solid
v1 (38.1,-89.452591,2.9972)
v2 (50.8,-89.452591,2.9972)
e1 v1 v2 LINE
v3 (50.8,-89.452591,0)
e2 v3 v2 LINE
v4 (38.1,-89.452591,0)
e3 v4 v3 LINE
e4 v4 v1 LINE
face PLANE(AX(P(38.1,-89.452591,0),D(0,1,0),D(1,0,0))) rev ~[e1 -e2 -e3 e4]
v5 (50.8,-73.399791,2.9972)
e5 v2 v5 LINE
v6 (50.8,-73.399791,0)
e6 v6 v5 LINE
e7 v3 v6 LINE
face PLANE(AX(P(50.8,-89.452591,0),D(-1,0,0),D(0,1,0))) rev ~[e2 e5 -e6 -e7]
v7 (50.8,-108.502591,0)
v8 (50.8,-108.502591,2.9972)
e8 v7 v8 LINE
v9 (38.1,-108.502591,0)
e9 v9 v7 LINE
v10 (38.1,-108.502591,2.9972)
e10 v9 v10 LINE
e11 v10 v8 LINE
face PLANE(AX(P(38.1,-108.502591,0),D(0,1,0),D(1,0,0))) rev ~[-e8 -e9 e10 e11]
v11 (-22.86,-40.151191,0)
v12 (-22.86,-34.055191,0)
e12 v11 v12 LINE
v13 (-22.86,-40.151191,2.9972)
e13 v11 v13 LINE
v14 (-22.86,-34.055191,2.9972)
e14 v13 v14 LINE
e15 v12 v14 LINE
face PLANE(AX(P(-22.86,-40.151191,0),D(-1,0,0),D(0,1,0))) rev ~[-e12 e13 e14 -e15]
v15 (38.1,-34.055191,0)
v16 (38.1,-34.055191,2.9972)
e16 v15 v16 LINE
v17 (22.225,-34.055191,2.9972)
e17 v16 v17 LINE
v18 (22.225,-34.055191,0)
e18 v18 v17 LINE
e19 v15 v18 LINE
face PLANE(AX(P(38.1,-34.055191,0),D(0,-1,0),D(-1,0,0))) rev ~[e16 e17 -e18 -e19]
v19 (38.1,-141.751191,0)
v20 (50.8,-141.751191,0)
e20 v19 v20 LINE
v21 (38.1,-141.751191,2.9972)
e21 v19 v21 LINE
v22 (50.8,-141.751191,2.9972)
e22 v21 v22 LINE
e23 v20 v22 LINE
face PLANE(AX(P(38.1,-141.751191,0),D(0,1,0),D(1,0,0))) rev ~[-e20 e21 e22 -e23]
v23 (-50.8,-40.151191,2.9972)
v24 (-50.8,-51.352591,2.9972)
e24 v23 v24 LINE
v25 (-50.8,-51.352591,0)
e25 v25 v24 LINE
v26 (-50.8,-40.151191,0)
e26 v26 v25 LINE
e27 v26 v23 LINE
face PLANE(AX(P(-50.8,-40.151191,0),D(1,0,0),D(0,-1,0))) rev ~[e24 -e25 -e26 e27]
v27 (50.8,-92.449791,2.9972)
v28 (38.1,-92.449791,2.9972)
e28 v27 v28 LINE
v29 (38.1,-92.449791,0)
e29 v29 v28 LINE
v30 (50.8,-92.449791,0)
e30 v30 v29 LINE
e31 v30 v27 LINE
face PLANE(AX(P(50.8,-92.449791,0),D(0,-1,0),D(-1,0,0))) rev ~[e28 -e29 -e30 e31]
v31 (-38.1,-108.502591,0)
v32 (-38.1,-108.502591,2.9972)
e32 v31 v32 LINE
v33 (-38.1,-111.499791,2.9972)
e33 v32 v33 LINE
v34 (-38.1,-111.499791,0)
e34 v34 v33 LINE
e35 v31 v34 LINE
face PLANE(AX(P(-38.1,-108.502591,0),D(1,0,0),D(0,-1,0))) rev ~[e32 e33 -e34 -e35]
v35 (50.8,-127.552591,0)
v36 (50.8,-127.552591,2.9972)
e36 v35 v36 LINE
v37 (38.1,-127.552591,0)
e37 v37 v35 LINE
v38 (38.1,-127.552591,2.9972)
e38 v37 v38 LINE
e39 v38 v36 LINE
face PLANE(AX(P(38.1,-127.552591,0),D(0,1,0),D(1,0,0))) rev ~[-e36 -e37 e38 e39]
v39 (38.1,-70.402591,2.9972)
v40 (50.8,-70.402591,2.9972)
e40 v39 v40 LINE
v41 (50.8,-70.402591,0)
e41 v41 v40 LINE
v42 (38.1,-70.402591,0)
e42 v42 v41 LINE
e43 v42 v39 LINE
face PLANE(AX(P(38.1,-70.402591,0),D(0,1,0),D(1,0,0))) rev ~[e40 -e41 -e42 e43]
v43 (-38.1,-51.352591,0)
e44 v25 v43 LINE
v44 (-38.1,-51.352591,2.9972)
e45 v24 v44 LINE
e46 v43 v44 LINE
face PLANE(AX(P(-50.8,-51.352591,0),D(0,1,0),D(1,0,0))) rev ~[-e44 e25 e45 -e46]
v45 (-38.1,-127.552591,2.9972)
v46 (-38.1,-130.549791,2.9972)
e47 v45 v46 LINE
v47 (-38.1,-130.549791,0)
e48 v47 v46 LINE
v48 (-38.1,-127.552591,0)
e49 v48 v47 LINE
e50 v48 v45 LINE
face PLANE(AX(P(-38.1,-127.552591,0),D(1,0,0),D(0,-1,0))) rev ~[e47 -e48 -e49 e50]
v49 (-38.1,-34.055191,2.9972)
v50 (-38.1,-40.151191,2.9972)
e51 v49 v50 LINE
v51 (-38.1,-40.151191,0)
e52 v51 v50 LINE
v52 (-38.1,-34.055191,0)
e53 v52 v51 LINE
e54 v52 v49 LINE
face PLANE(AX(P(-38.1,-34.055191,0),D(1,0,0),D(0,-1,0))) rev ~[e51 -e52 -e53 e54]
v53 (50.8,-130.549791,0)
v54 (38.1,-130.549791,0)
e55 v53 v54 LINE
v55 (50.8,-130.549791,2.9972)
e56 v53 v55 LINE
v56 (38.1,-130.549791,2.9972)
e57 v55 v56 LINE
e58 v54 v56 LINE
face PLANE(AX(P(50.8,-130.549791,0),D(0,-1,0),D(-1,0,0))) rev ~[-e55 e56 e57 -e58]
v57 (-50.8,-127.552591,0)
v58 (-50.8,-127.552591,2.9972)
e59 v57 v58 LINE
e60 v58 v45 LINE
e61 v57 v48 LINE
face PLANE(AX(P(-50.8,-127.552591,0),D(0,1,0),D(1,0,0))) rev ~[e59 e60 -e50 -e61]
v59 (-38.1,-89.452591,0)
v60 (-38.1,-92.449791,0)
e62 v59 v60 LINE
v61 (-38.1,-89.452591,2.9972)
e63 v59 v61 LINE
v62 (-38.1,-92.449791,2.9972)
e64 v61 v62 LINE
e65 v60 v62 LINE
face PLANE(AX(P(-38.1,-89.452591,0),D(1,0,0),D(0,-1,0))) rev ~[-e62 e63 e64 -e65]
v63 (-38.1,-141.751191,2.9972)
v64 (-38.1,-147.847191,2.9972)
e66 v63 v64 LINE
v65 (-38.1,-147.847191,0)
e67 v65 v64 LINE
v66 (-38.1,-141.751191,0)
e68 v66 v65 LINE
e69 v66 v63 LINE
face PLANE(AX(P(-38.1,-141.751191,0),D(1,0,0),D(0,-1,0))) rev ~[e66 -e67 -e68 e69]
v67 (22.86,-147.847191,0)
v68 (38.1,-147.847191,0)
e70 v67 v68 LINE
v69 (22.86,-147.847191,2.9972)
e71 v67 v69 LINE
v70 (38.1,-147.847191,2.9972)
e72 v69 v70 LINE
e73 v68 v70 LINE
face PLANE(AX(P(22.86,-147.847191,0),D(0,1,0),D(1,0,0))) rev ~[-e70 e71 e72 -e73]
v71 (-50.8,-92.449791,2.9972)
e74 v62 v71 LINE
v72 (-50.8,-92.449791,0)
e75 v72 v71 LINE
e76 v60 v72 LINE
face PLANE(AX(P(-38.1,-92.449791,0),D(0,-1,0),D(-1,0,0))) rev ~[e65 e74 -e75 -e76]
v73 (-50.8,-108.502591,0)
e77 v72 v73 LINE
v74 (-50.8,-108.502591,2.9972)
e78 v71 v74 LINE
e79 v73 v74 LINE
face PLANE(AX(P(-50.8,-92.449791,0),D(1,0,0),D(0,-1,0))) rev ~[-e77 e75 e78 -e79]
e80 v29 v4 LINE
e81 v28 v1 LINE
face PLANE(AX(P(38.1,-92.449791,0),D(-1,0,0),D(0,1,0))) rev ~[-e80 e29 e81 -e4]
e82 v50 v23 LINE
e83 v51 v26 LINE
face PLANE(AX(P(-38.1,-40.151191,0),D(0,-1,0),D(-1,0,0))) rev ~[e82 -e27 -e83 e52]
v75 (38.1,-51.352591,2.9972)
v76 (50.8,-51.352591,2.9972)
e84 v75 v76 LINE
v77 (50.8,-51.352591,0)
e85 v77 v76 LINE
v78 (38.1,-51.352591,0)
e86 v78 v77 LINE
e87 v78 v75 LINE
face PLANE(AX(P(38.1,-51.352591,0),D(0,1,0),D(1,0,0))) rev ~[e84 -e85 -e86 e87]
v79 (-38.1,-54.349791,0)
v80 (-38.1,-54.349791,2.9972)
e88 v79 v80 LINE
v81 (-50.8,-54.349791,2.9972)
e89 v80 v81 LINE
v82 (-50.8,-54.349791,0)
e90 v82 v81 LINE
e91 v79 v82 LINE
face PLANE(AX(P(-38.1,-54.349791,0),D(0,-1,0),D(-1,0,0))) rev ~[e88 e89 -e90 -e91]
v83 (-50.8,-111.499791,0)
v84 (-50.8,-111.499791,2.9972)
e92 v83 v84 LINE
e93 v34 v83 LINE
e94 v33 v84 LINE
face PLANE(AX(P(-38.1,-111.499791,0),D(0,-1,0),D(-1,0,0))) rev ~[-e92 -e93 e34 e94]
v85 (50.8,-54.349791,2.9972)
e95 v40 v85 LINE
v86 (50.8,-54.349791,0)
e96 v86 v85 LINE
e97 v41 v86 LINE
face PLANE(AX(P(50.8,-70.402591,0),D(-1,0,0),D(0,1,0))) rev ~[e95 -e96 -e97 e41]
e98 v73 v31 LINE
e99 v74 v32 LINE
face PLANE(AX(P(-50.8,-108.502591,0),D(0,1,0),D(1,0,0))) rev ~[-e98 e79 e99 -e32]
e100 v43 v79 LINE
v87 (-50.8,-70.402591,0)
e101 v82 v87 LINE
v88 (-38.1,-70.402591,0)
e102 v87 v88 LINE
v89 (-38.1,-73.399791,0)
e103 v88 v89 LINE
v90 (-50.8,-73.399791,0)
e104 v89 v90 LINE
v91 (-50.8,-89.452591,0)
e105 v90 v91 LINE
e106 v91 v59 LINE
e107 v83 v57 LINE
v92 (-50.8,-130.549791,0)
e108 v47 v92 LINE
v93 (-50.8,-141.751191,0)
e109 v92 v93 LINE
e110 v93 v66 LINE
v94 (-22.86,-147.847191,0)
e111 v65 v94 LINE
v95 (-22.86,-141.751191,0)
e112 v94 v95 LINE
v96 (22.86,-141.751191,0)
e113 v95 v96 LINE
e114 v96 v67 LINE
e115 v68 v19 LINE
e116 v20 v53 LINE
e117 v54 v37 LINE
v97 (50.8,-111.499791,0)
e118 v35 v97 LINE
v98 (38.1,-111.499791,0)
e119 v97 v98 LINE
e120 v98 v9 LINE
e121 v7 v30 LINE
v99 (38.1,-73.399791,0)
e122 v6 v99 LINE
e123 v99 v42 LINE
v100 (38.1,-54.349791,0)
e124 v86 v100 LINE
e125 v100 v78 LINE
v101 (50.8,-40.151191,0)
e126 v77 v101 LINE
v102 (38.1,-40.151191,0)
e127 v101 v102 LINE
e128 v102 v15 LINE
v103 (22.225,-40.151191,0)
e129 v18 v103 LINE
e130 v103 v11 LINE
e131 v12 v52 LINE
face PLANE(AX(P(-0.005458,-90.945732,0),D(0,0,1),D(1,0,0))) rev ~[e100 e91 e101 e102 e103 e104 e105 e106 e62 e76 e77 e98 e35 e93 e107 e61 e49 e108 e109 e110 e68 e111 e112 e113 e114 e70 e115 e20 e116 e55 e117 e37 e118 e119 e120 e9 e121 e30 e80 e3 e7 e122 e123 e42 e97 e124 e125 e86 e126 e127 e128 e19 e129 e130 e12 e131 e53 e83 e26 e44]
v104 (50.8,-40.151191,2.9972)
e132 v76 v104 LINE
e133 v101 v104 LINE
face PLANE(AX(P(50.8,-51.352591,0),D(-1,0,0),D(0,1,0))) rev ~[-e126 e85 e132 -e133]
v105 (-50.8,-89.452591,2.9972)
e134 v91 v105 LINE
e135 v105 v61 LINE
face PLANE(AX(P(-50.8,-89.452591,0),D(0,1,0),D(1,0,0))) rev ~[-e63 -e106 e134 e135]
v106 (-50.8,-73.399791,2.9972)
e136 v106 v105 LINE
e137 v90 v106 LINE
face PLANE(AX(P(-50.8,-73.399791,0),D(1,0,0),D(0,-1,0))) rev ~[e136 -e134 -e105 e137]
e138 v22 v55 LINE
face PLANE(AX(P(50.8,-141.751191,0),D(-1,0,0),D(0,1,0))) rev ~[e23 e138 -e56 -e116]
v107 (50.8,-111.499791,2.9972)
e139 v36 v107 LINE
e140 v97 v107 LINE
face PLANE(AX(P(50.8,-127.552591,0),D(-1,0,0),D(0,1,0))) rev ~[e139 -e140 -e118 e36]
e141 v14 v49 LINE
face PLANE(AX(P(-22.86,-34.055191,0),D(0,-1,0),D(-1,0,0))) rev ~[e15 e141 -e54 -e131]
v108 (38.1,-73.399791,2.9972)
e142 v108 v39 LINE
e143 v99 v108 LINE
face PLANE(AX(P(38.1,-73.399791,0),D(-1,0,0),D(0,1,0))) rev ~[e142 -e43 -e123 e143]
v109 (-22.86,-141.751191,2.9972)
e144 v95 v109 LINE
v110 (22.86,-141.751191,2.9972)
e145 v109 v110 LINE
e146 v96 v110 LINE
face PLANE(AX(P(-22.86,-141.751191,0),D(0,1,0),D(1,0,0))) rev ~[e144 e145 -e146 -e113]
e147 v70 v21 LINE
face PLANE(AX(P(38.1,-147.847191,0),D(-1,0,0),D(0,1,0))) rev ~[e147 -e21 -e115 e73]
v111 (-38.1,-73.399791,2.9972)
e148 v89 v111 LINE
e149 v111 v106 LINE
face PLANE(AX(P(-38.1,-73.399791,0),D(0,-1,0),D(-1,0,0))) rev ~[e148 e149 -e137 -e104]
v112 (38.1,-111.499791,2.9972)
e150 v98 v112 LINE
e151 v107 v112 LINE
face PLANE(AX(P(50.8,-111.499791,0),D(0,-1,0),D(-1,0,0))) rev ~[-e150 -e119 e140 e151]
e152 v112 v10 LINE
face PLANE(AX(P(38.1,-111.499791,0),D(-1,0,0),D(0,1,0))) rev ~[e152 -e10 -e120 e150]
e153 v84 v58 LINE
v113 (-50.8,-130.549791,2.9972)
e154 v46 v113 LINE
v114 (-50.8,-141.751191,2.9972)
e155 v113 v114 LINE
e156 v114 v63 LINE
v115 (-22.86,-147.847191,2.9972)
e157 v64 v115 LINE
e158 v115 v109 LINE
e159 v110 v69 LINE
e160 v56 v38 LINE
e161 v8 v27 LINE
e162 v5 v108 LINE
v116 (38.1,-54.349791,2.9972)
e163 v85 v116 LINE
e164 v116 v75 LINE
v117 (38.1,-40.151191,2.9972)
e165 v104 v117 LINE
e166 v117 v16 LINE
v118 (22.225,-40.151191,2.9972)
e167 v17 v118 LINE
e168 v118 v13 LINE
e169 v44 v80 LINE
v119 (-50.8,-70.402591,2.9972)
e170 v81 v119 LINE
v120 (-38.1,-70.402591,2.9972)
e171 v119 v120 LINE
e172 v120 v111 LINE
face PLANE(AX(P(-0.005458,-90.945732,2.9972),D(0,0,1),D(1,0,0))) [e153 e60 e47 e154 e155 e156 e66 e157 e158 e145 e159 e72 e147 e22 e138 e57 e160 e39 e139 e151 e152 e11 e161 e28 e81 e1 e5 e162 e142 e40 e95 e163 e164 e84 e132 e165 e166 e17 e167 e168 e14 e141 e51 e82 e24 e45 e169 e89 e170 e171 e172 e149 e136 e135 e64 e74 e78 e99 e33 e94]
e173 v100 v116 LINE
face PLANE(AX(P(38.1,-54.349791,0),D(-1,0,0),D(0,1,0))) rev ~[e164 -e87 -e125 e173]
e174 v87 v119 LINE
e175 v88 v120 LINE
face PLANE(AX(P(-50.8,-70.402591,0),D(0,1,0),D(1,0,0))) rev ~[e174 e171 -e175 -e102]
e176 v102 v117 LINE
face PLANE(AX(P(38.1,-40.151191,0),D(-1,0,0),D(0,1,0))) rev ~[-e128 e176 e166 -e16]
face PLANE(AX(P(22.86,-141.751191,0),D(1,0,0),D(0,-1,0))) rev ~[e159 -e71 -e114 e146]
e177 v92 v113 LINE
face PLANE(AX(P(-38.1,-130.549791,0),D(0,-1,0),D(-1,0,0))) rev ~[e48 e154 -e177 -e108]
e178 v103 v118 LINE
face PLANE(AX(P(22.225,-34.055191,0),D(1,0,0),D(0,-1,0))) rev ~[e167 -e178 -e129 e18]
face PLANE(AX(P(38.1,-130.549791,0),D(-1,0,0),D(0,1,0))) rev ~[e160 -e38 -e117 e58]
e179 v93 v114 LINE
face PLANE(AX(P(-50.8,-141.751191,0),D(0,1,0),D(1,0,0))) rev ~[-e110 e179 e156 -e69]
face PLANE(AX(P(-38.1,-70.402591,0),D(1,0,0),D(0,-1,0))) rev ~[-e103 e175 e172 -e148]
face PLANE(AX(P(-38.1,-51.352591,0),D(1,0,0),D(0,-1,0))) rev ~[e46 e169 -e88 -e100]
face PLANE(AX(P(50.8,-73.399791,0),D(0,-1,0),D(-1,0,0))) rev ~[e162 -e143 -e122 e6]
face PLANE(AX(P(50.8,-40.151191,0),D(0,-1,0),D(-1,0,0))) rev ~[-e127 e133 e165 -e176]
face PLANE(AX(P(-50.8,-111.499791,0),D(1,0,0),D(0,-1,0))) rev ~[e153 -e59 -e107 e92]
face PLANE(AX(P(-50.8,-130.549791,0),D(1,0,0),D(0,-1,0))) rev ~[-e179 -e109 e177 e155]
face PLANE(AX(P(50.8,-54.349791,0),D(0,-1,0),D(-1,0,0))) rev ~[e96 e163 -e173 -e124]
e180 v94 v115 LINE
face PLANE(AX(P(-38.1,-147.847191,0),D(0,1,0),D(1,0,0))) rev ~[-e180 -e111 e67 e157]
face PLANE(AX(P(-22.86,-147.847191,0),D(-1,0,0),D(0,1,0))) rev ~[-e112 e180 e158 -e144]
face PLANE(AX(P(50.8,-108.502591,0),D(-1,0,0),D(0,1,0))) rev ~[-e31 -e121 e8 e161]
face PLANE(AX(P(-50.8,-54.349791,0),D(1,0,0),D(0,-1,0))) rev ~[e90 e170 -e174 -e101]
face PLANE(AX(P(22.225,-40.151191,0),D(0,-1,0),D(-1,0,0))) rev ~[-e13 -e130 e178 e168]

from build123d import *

# Parameters (mm, degrees)
BOSS_EXTRUDE1_DEPTH = 2.9972


with BuildPart() as part:
    # Sketch1 → Boss-Extrude1 (new body)
    with BuildSketch(Plane.XY):
        Polygon((-50.8, -73.399790699), (-50.8, -89.452590699), (-38.1, -89.452590699), (-38.1, -92.449790699), (-50.8, -92.449790699), (-50.8, -108.502590699), (-38.1, -108.502590699), (-38.1, -111.499790699), (-50.8, -111.499790699), (-50.8, -127.552590699), (-38.1, -127.552590699), (-38.1, -130.549790699), (-50.8, -130.549790699), (-50.8, -141.751190699), (-38.1, -141.751190699), (-38.1, -147.847190699), (-22.86, -147.847190699), (-22.86, -141.751190699), (22.86, -141.751190699), (22.86, -147.847190699), (38.1, -147.847190699), (38.1, -141.751190699), (50.8, -141.751190699), (50.8, -130.549790699), (38.1, -130.549790699), (38.1, -127.552590699), (50.8, -127.552590699), (50.8, -111.499790699), (38.1, -111.499790699), (38.1, -108.502590699), (50.8, -108.502590699), (50.8, -92.449790699), (38.1, -92.449790699), (38.1, -89.452590699), (50.8, -89.452590699), (50.8, -73.399790699), (38.1, -73.399790699), (38.1, -70.402590699), (50.8, -70.402590699), (50.8, -54.349790699), (38.1, -54.349790699), (38.1, -51.352590699), (50.8, -51.352590699), (50.8, -40.151190699), (38.1, -40.151190699), (38.1, -34.055190699), (22.225, -34.055190699), (22.225, -40.151190699), (-22.86, -40.151190699), (-22.86, -34.055190699), (-38.1, -34.055190699), (-38.1, -40.151190699), (-50.8, -40.151190699), (-50.8, -51.352590699), (-38.1, -51.352590699), (-38.1, -54.349790699), (-50.8, -54.349790699), (-50.8, -70.402590699), (-38.1, -70.402590699), (-38.1, -73.399790699), align=None)
    extrude(amount=BOSS_EXTRUDE1_DEPTH)


solid = part.part
